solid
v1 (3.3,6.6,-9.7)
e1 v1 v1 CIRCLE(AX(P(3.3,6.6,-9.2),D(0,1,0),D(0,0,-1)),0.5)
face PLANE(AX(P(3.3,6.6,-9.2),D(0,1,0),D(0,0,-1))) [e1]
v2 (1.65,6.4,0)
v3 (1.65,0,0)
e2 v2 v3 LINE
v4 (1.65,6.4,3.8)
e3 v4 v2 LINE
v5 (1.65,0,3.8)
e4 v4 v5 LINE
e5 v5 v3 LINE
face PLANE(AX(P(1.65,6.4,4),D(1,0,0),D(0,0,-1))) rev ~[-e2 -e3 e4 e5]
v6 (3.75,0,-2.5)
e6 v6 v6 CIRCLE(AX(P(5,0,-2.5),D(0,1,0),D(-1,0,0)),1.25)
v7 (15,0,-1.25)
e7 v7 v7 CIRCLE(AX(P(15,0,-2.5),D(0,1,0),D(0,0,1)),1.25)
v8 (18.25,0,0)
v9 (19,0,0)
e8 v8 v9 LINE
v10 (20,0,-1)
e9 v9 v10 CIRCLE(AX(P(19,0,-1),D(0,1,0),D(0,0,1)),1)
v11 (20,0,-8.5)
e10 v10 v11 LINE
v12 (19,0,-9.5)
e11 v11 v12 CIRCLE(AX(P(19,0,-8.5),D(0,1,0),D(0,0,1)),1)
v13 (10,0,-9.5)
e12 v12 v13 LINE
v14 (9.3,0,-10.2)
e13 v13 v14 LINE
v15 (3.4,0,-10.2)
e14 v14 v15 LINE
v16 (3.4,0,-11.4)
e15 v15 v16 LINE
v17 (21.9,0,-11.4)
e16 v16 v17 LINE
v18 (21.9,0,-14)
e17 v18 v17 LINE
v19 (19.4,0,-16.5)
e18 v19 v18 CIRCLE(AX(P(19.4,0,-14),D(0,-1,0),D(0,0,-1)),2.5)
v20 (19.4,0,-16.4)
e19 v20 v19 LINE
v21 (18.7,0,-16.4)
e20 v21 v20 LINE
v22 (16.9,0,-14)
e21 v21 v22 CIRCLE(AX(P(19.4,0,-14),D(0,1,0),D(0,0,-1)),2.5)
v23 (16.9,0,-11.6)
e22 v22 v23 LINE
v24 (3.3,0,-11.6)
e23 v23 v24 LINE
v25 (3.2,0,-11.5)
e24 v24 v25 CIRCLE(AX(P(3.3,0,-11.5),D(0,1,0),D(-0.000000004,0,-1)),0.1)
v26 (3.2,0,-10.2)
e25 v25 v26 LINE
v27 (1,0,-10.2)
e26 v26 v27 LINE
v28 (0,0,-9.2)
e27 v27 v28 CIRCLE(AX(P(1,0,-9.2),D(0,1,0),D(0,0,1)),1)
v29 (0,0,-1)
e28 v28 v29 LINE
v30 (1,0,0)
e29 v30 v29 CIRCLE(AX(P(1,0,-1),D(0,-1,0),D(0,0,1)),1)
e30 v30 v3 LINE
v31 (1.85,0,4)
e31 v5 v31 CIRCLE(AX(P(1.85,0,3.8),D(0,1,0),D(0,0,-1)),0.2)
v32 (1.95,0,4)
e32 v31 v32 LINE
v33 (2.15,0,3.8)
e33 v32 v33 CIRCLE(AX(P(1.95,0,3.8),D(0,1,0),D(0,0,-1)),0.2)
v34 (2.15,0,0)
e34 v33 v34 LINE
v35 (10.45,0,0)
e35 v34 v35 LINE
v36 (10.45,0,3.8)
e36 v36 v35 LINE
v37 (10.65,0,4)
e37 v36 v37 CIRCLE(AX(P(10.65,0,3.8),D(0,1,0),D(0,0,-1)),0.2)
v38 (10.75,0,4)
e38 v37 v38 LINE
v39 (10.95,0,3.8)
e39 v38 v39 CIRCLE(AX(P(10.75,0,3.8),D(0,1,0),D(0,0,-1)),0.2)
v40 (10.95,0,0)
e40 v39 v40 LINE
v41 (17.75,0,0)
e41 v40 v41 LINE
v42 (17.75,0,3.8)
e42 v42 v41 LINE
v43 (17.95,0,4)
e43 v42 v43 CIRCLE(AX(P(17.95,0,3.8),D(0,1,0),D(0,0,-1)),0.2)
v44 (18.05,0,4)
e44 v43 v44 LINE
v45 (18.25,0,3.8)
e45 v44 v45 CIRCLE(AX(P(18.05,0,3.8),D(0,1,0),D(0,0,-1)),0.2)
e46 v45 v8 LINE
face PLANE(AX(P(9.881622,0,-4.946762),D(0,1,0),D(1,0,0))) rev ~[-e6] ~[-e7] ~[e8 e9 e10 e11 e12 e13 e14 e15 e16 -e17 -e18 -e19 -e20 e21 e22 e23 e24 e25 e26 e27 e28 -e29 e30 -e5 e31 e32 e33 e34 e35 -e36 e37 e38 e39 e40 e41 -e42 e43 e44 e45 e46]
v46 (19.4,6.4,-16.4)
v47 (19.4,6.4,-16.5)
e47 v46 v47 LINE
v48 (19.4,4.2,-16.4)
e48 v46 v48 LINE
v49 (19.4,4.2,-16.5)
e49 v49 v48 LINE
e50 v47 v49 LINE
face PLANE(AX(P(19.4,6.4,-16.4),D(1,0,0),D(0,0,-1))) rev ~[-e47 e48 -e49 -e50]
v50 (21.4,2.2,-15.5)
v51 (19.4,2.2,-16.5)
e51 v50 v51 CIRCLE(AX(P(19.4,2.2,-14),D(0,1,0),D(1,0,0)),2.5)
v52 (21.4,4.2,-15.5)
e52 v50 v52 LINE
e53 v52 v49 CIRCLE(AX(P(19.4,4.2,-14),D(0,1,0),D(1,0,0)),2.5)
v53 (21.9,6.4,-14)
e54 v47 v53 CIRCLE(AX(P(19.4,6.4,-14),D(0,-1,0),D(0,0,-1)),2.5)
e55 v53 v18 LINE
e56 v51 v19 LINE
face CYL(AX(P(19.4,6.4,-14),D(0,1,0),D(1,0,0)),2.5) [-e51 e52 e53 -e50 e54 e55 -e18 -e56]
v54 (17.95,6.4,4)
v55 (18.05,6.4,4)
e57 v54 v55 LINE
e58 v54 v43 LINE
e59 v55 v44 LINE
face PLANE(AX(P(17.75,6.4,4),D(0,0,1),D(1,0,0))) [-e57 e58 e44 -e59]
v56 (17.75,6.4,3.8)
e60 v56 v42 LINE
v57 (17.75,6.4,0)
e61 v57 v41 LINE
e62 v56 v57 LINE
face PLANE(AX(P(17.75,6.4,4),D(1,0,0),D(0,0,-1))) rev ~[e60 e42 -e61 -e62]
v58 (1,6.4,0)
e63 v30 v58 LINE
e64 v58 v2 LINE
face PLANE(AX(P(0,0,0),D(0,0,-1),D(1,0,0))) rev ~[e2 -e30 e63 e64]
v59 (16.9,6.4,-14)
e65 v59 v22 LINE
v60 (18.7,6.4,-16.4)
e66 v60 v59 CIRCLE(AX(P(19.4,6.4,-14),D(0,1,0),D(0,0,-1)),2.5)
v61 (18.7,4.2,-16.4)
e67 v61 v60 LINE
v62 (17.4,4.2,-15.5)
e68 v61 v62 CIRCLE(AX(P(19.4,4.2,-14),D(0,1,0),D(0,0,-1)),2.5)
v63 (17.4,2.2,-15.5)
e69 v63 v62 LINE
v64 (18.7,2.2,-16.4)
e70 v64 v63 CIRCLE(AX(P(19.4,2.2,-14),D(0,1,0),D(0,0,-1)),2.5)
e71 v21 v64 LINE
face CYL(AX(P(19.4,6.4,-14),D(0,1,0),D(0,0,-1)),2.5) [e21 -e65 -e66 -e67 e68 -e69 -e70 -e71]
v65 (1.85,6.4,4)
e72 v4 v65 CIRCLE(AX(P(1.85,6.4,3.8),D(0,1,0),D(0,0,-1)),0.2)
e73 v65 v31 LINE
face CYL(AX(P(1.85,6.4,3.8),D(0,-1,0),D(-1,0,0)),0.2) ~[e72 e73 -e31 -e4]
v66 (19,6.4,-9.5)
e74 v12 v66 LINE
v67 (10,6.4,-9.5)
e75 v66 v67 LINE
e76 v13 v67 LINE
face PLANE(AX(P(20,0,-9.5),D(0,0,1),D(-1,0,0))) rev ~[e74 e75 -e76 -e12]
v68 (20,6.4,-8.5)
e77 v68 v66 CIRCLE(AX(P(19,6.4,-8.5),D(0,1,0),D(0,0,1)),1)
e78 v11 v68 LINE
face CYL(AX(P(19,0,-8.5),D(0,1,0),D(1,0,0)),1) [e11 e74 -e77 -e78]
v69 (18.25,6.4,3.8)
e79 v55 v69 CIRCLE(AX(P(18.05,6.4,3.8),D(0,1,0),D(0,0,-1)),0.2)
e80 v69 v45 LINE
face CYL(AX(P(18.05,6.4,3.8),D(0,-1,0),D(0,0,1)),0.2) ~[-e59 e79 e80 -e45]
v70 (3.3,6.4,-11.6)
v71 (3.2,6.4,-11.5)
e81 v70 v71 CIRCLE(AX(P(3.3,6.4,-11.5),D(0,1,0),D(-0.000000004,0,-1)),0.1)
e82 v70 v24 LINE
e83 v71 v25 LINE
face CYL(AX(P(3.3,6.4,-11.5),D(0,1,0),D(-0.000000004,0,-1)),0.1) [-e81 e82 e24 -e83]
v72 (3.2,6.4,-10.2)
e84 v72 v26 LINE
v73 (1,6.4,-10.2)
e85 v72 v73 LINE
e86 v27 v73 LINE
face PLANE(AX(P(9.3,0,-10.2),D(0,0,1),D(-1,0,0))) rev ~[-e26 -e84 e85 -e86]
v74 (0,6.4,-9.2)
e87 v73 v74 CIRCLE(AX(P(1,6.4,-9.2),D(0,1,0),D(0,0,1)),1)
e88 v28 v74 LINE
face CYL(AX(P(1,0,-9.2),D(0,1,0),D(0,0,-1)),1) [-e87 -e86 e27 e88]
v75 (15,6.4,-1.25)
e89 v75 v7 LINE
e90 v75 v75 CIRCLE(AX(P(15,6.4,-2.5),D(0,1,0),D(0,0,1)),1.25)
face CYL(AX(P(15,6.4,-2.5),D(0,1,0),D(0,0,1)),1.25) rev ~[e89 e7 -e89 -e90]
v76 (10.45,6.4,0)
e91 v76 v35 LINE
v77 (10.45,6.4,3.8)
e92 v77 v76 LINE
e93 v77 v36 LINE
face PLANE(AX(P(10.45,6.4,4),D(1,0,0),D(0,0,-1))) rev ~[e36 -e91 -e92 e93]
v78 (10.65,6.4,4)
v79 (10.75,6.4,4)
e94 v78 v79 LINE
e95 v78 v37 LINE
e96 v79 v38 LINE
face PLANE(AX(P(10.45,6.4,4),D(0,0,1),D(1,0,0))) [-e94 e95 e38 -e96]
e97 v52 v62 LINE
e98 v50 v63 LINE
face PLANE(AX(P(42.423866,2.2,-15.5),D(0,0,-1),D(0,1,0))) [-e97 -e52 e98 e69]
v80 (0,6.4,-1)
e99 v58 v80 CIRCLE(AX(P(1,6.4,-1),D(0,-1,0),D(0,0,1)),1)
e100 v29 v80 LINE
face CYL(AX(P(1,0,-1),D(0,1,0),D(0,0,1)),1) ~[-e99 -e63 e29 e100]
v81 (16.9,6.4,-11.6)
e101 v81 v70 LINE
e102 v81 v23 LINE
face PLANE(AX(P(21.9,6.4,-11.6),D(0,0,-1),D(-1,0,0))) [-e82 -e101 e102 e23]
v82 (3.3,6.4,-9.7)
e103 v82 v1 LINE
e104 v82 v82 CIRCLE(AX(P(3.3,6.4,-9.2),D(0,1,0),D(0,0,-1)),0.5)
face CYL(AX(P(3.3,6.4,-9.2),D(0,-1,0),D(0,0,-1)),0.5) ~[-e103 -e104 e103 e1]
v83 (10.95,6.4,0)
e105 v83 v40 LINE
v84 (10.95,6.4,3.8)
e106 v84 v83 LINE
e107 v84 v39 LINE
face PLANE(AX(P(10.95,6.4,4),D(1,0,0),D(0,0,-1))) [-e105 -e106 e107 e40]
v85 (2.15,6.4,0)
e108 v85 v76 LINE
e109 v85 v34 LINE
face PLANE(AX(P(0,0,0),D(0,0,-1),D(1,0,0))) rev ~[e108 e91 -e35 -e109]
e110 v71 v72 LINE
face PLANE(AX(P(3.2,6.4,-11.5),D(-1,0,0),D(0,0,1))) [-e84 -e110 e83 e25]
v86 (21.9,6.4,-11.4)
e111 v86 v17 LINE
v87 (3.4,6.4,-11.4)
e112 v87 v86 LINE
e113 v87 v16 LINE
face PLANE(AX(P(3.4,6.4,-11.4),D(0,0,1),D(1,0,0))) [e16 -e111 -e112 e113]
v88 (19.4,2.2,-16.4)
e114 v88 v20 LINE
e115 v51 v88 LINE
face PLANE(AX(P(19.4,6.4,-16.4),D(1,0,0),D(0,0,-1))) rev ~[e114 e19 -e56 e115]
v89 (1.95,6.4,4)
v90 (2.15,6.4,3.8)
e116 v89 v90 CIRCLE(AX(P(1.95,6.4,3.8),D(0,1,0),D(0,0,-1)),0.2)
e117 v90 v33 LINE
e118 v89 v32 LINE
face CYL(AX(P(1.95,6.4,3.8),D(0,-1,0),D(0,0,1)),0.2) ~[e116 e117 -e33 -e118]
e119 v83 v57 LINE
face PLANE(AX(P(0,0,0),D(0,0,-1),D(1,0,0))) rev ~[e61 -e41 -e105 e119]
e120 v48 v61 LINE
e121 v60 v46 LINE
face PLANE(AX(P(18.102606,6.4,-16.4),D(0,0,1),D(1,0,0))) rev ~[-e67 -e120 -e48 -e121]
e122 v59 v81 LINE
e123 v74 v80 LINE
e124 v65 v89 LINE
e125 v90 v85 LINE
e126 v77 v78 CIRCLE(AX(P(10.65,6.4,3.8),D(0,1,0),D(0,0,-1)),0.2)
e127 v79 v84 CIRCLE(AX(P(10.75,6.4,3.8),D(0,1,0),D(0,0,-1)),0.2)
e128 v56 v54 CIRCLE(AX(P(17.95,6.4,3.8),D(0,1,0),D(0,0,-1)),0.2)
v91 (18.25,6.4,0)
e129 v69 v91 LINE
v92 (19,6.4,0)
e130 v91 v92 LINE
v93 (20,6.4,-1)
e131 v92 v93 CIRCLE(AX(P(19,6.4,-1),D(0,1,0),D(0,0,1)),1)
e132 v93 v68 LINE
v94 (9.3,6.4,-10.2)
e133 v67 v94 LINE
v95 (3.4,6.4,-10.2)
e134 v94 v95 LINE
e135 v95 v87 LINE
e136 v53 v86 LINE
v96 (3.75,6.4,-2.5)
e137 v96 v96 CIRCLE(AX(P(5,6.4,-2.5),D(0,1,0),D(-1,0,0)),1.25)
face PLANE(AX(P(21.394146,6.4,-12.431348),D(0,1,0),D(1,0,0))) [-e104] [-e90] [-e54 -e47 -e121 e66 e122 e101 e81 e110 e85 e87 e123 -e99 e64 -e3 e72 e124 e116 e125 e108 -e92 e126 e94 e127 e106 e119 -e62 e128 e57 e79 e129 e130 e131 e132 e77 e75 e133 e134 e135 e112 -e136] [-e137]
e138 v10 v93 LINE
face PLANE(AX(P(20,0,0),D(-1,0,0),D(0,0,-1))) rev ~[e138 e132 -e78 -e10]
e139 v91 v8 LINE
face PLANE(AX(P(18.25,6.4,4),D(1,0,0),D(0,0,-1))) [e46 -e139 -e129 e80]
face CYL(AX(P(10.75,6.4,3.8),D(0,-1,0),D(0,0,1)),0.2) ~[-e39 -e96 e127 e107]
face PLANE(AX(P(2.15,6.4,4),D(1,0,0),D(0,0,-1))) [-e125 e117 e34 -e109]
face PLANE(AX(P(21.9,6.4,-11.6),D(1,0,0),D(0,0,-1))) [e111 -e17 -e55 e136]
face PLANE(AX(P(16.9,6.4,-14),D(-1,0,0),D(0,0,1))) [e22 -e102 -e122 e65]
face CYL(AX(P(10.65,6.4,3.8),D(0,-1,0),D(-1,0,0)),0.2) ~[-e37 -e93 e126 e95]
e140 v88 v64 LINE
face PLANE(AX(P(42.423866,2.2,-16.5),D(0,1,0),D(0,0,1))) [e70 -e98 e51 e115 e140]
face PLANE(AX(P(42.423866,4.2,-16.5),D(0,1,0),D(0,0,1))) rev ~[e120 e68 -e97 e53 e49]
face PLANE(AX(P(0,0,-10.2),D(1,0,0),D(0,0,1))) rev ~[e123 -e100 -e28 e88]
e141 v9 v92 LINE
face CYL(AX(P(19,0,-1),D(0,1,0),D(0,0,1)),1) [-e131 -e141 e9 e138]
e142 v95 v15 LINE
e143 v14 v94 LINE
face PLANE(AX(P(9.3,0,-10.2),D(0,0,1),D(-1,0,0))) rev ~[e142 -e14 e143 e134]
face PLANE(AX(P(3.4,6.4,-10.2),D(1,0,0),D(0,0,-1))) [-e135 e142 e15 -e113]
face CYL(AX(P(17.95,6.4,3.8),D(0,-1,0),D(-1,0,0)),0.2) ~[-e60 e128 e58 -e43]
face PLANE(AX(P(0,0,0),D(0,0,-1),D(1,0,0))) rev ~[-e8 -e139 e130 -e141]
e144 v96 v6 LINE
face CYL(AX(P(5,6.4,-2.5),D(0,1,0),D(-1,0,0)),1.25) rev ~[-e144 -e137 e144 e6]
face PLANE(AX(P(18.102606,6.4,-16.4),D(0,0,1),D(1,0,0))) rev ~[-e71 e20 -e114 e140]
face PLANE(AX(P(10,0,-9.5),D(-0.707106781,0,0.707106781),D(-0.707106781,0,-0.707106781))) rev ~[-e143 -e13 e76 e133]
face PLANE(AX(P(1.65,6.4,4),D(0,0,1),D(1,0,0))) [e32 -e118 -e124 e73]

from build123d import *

# Parameters (mm, degrees)
BOSS_EXTRUDE1_DEPTH     = 6.4
FILLET1_R               = 1
SKETCH2_R               = 0.5
BOSS_EXTRUDE2_DEPTH     = 0.2
SKETCH3_W               = 18.5
SKETCH3_H               = 0.1
SKETCH3_W_2             = 0.1
SKETCH3_H_2             = 1.2
BOSS_EXTRUDE3_DEPTH     = 6.4
BOSS_EXTRUDE4_DEPTH     = 6.4
SKETCH5_R               = 1.25
CUT_EXTRUDE1_DEPTH      = 29.157059506
SKETCH6_W               = 0.5
SKETCH6_H               = 4
BOSS_EXTRUDE5_DEPTH     = 6.4
FILLET2_R               = 0.2
CUT_EXTRUDE2_DEPTH      = 10
CUT_EXTRUDE3_DEPTH      = 25.523865927
CUT_EXTRUDE3_DEPTH_BACK = 25.523865927
SKETCH9_W               = 1
SKETCH9_H               = 1


with BuildPart() as part:
    # Sketch1 → Boss-Extrude1 (new body)
    with BuildSketch(Plane(origin=(0, 0, 0), x_dir=(1, 0, 0), z_dir=(0, 1, 0))):
        Polygon((0, 0), (20, 0), (20, 9.5), (10, 9.5), (9.3, 10.2), (0, 10.2), align=None)
    extrude(amount=BOSS_EXTRUDE1_DEPTH)

    # Fillet1
    fillet1_edges = [part.edges().sort_by_distance(p)[0] for p in [
        (0, 3.2, -10.2),
        (20, 3.2, -9.5),
        (20, 3.2, 0),
        (0, 3.2, 0),
    ]]
    fillet(fillet1_edges, radius=FILLET1_R)

    # Sketch2 → Boss-Extrude2 (add)
    with BuildSketch(Plane(origin=(0, 6.4, 0), x_dir=(1, 0, 0), z_dir=(0, 1, 0))):
        with Locations(Location((3.3, 9.2, 0), (0, 0, 90))):
            Circle(SKETCH2_R)
    extrude(amount=BOSS_EXTRUDE2_DEPTH)

    # Sketch3 → Boss-Extrude3 (add)
    with BuildSketch(Plane(origin=(0, 6.4, 0), x_dir=(1, 0, 0), z_dir=(0, 1, 0))):
        with BuildLine():
            ThreePointArc((3.3, 11.6), (3.370710678, 11.570710678), (3.4, 11.5))
            Line((3.4, 11.5), (21.9, 11.5))
            Line((21.9, 11.5), (21.9, 11.6))
            Line((21.9, 11.6), (3.3, 11.6))
        make_face()
        with Locations((12.65, 11.45)):
            Rectangle(SKETCH3_W, SKETCH3_H)
        with BuildLine():
            ThreePointArc((3.4, 11.5), (3.370710678, 11.429289322), (3.3, 11.4))
            Line((3.3, 11.4), (3.4, 11.4))
            Line((3.4, 11.4), (3.4, 11.5))
        make_face()
        with BuildLine():
            ThreePointArc((3.2, 11.5), (3.229289322, 11.429289322), (3.3, 11.4))
            Line((3.3, 11.4), (3.3, 11.5))
            Line((3.3, 11.5), (3.4, 11.5))
            ThreePointArc((3.4, 11.5), (3.370710678, 11.570710678), (3.3, 11.6))
            ThreePointArc((3.3, 11.6), (3.229289322, 11.570710678), (3.2, 11.5))
        make_face()
        with BuildLine():
            Line((3.3, 11.5), (3.3, 11.4))
            ThreePointArc((3.3, 11.4), (3.370710678, 11.429289322), (3.4, 11.5))
            Line((3.4, 11.5), (3.3, 11.5))
        make_face()
        with Locations((3.35, 10.8)):
            Rectangle(SKETCH3_W_2, SKETCH3_H_2)
        with BuildLine():
            Line((3.3, 10.2), (3.3, 11.4))
            ThreePointArc((3.3, 11.4), (3.229289322, 11.429289322), (3.2, 11.5))
            Line((3.2, 11.5), (3.2, 10.2))
            Line((3.2, 10.2), (3.3, 10.2))
        make_face()
    extrude(amount=-BOSS_EXTRUDE3_DEPTH)

    # Sketch4 → Boss-Extrude4 (add)
    with BuildSketch(Plane(origin=(0, 6.4, 0), x_dir=(1, 0, 0), z_dir=(0, 1, 0))):
        with BuildLine():
            Line((20.1, 11.6), (21.9, 11.6))
            Line((21.9, 11.6), (21.9, 14))
            ThreePointArc((21.9, 14), (21.4, 12.5), (20.1, 11.6))
        make_face()
        with BuildLine():
            ThreePointArc((18.7, 11.6), (19.046446609, 11.525126266), (19.4, 11.5))
            Line((19.4, 11.5), (19.4, 11.6))
            Line((19.4, 11.6), (18.7, 11.6))
        make_face()
        with BuildLine():
            Line((19.4, 11.6), (19.4, 11.5))
            ThreePointArc((19.4, 11.5), (19.753553391, 11.525126266), (20.1, 11.6))
            Line((20.1, 11.6), (19.4, 11.6))
        make_face()
        with BuildLine():
            Line((18.7, 11.6), (19.4, 11.6))
            Line((19.4, 11.6), (19.4, 16.5))
            ThreePointArc((19.4, 16.5), (17.632233047, 15.767766953), (16.9, 14))
            ThreePointArc((16.9, 14), (17.4, 12.5), (18.7, 11.6))
        make_face()
        with BuildLine():
            Line((19.4, 16.5), (19.4, 11.6))
            Line((19.4, 11.6), (20.1, 11.6))
            ThreePointArc((20.1, 11.6), (21.4, 12.5), (21.9, 14))
            ThreePointArc((21.9, 14), (21.167766953, 15.767766953), (19.4, 16.5))
        make_face()
        with BuildLine():
            Line((16.9, 11.6), (18.7, 11.6))
            ThreePointArc((18.7, 11.6), (17.4, 12.5), (16.9, 14))
            Line((16.9, 14), (16.9, 11.6))
        make_face()
    extrude(amount=-BOSS_EXTRUDE4_DEPTH)

    # Sketch5 → Cut-Extrude1 (cut, through all)
    with BuildSketch(Plane(origin=(0, 6.4, 0), x_dir=(1, 0, 0), z_dir=(0, 1, 0))):
        with Locations(Location((15, 2.5, 0), (0, 0, 270))):
            Circle(SKETCH5_R)
        with BuildLine():
            ThreePointArc((6.25, 2.5), (5, 3.75), (3.75, 2.5))
            Line((3.75, 2.5), (6.25, 2.5))
        make_face()
        with BuildLine():
            Line((6.25, 2.5), (3.75, 2.5))
            ThreePointArc((3.75, 2.5), (5, 1.25), (6.25, 2.5))
        make_face()
    extrude(amount=-CUT_EXTRUDE1_DEPTH, mode=Mode.SUBTRACT)

    # Sketch6 → Boss-Extrude5 (add)
    with BuildSketch(Plane(origin=(0, 6.4, 0), x_dir=(1, 0, 0), z_dir=(0, 1, 0))):
        with Locations((1.9, -2)):
            Rectangle(SKETCH6_W, SKETCH6_H)
        with Locations((10.7, -2)):
            Rectangle(SKETCH6_W, SKETCH6_H)
        with Locations((18, -2)):
            Rectangle(SKETCH6_W, SKETCH6_H)
    extrude(amount=-BOSS_EXTRUDE5_DEPTH)

    # Fillet2
    fillet2_edges = [part.edges().sort_by_distance(p)[0] for p in [
        (2.15, 3.2, 4),
        (1.65, 3.2, 4),
        (10.45, 3.2, 4),
        (10.95, 3.2, 4),
        (17.75, 3.2, 4),
        (18.25, 3.2, 4),
    ]]
    fillet(fillet2_edges, radius=FILLET2_R)

    # Sketch7 → Cut-Extrude2 (cut)
    with BuildSketch(Plane(origin=(0, 6.4, 0), x_dir=(1, 0, 0), z_dir=(0, 1, 0))):
        with BuildLine():
            ThreePointArc((18.7, 16.4), (19.046446609, 16.474873734), (19.4, 16.5))
            ThreePointArc((19.4, 16.5), (19.753553391, 16.474873734), (20.1, 16.4))
            Line((20.1, 16.4), (20.417508918, 16.4))
            Line((20.417508918, 16.4), (20.417508918, 16.594496766))
            Line((20.417508918, 16.594496766), (18.102606367, 16.594496766))
            Line((18.102606367, 16.594496766), (18.102606367, 16.4))
            Line((18.102606367, 16.4), (18.7, 16.4))
        make_face()
        with BuildLine():
            Line((19.4, 16.4), (19.4, 16.5))
            ThreePointArc((19.4, 16.5), (19.046446609, 16.474873734), (18.7, 16.4))
            Line((18.7, 16.4), (19.4, 16.4))
        make_face()
    extrude(amount=-CUT_EXTRUDE2_DEPTH, mode=Mode.SUBTRACT)

    # Sketch9 → Cut-Extrude3 (cut, two sides: drawn at the far end of the back side and taken through both)
    with BuildSketch(Plane.ZY.offset(-16.9).offset(-CUT_EXTRUDE3_DEPTH_BACK)):
        with Locations((-16, 3.7)):
            Rectangle(SKETCH9_W, SKETCH9_H)
        with Locations((-16, 2.7)):
            Rectangle(SKETCH9_W, SKETCH9_H)
    extrude(amount=CUT_EXTRUDE3_DEPTH + CUT_EXTRUDE3_DEPTH_BACK, mode=Mode.SUBTRACT)


solid = part.part
